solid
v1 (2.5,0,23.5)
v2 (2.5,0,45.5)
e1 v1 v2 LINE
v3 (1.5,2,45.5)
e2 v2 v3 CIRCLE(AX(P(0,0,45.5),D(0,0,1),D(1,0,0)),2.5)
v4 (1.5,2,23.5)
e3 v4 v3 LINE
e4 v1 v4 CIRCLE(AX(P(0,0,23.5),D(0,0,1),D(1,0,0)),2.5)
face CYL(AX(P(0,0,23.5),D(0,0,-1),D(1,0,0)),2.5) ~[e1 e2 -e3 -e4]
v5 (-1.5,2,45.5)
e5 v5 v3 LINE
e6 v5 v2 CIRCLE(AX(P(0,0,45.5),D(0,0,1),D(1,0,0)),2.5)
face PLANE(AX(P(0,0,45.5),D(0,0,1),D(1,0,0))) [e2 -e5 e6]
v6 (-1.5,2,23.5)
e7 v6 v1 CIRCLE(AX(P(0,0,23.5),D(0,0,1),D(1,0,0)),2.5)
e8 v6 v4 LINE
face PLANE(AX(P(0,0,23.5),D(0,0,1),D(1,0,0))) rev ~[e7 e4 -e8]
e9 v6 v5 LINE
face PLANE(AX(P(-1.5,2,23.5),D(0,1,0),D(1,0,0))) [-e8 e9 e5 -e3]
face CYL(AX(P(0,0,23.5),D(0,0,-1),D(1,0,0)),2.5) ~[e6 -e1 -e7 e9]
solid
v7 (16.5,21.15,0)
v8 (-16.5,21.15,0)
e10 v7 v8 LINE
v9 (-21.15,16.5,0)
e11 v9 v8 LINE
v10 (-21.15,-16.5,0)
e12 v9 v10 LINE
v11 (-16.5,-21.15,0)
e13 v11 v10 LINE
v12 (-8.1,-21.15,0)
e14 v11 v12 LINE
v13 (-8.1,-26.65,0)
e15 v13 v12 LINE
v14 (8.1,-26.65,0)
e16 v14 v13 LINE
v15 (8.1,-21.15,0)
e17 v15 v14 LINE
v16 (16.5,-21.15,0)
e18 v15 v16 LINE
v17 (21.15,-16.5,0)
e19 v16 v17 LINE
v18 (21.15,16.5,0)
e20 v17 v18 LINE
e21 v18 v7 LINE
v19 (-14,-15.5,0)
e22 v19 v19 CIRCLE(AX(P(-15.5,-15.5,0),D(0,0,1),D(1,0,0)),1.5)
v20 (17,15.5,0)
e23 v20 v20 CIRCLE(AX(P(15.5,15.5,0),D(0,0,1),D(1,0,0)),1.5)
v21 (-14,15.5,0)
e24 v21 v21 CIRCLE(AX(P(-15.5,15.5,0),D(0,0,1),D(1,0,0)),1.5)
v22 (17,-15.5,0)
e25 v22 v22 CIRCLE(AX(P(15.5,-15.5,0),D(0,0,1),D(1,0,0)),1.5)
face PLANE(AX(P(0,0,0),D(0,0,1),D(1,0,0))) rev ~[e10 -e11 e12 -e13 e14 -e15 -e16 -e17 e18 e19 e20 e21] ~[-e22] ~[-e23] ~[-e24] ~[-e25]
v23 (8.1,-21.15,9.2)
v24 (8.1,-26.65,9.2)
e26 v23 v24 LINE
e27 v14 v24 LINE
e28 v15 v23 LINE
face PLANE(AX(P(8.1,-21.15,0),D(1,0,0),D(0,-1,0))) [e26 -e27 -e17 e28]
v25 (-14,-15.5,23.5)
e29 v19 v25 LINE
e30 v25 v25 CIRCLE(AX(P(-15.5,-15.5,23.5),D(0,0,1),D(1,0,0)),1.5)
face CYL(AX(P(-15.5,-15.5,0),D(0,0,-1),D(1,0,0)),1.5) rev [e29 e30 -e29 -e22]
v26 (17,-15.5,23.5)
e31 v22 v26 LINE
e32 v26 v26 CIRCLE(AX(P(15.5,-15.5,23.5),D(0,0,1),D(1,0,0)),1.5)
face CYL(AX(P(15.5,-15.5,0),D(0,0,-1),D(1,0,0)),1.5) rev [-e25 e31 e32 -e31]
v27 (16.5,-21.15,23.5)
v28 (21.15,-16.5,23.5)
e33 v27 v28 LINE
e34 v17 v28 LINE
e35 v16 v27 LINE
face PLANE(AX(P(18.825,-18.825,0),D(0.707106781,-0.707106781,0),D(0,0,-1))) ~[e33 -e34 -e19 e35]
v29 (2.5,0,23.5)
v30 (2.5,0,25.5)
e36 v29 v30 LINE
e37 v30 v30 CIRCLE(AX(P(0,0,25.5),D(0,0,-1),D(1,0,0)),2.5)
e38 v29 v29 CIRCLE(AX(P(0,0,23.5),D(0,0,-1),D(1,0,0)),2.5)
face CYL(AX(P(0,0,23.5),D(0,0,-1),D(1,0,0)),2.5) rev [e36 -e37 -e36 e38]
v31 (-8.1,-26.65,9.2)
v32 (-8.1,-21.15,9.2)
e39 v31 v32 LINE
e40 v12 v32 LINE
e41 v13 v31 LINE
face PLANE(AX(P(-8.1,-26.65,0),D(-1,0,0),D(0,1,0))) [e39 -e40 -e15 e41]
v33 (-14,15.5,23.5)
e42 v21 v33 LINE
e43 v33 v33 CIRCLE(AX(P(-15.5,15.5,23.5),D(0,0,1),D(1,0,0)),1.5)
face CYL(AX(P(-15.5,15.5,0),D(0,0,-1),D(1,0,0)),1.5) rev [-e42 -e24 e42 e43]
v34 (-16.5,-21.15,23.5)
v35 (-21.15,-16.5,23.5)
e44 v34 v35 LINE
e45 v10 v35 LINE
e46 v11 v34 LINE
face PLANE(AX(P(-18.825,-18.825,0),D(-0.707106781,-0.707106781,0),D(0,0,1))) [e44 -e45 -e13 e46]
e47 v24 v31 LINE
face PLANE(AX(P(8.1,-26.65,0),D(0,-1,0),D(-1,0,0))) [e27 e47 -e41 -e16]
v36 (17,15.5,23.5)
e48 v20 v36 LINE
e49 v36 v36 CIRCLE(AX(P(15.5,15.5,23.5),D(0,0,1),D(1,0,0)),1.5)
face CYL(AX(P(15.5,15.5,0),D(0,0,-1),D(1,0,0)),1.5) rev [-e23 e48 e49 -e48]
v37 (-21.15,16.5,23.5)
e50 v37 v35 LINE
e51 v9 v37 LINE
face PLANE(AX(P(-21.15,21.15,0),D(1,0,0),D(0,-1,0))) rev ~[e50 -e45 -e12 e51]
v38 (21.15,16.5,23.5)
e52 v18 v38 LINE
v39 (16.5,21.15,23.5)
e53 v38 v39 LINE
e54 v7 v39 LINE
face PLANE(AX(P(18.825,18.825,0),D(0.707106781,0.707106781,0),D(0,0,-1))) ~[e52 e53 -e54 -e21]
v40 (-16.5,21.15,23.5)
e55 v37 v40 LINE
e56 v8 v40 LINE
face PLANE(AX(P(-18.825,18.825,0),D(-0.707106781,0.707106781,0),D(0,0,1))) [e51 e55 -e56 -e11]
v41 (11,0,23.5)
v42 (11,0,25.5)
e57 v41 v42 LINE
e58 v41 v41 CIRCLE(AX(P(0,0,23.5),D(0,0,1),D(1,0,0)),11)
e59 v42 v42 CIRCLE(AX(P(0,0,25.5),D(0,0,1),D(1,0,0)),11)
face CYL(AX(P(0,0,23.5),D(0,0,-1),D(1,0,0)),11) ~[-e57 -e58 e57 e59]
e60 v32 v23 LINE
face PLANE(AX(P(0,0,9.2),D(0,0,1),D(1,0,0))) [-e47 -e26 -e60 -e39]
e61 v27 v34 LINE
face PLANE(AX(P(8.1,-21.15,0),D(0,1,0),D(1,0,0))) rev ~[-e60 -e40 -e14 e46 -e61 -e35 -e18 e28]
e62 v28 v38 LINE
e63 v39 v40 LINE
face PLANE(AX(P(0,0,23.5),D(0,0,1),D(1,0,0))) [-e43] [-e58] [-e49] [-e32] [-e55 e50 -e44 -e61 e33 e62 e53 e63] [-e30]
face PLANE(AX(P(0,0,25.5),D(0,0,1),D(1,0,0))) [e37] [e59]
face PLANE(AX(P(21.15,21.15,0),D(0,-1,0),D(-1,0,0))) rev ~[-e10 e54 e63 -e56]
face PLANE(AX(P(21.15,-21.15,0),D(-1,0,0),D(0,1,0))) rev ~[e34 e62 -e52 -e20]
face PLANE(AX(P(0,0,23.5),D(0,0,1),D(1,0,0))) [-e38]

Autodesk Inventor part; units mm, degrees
ref_plane "YZ Plane" through (0, 0, 0) normal (1, 0, 0) x (0, 1, 0)
ref_plane "XZ Plane" through (0, 0, 0) normal (0, 1, 0) x (-1, 0, 0)
ref_plane "XY Plane" through (0, 0, 0) normal (0, 0, 1) x (1, 0, 0)
sketch "Эскиз1" plane through (0, 0, 0) normal (0, 0, 1) x (1, 0, 0)
  line L0 (-21.15, -21.15) -> (21.15, -21.15)
  line L1 (21.15, -21.15) -> (21.15, 21.15)
  line L2 (21.15, 21.15) -> (-21.15, 21.15)
  line L3 (-21.15, 21.15) -> (-21.15, -21.15)
  line L4 (-21.15, -21.15) -> (21.15, 21.15) construction
  line L5 (21.15, -21.15) -> (-21.15, 21.15) construction
  circle A0 centre (-15.5, 15.5) radius 1.5
  line L6 (0, 0) -> (0, 3.5329)
  line L7 (0, 0) -> (3.0649, 0)
  circle A1 centre (15.5, 15.5) radius 1.5
  circle A2 centre (15.5, -15.5) radius 1.5
  circle A3 centre (-15.5, -15.5) radius 1.5
  line L8 (-8.1, -21.15) -> (8.1, -21.15)
  line L9 (8.1, -21.15) -> (8.1, -26.65)
  line L10 (8.1, -26.65) -> (-8.1, -26.65)
  line L11 (-8.1, -26.65) -> (-8.1, -21.15)
  point P0 (0, -26.65)
  dimension "d3" = 42.3
  dimension "d7" = 3
  dimension "d11" = 31
  dimension "d12" = 31
  dimension "d13" = 16.2
  dimension "d14" = 5.5
extrude "Выдавливание1" add sketch "Эскиз1" along normal blind 9.2 contours L0 L9 L10 L11
extrude "Выдавливание2" add sketch "Эскиз1" along normal blind 23.5 contours L3 L2 L1 L0
sketch "Эскиз2" plane through (0, 0, 23.5) normal (0, 0, 1) x (1, 0, 0)
  circle A0 centre (0, 0) radius 11
  circle A1 centre (0, 0) radius 2.5
  line L0 (-1.5, 2) -> (1.5, 2)
  point P0 (0, 2)
  dimension "d19" = 22
  dimension "d20" = 5
  dimension "d21" = 4.5
extrude "Выдавливание3" add sketch "Эскиз2" along normal blind 2
extrude "Выдавливание4" add sketch "Эскиз2" along normal blind 22 separate body contours A1 L0 picked at (0.1119, 0.5076)
chamfer "Фаска1" distance 4.65 angle 45 4 edges at (-21.15, 21.15, 11.75) (21.15, 21.15, 11.75) (-21.15, -21.15, 11.75) (21.15, -21.15, 11.75)
properties part number "Мотор"
